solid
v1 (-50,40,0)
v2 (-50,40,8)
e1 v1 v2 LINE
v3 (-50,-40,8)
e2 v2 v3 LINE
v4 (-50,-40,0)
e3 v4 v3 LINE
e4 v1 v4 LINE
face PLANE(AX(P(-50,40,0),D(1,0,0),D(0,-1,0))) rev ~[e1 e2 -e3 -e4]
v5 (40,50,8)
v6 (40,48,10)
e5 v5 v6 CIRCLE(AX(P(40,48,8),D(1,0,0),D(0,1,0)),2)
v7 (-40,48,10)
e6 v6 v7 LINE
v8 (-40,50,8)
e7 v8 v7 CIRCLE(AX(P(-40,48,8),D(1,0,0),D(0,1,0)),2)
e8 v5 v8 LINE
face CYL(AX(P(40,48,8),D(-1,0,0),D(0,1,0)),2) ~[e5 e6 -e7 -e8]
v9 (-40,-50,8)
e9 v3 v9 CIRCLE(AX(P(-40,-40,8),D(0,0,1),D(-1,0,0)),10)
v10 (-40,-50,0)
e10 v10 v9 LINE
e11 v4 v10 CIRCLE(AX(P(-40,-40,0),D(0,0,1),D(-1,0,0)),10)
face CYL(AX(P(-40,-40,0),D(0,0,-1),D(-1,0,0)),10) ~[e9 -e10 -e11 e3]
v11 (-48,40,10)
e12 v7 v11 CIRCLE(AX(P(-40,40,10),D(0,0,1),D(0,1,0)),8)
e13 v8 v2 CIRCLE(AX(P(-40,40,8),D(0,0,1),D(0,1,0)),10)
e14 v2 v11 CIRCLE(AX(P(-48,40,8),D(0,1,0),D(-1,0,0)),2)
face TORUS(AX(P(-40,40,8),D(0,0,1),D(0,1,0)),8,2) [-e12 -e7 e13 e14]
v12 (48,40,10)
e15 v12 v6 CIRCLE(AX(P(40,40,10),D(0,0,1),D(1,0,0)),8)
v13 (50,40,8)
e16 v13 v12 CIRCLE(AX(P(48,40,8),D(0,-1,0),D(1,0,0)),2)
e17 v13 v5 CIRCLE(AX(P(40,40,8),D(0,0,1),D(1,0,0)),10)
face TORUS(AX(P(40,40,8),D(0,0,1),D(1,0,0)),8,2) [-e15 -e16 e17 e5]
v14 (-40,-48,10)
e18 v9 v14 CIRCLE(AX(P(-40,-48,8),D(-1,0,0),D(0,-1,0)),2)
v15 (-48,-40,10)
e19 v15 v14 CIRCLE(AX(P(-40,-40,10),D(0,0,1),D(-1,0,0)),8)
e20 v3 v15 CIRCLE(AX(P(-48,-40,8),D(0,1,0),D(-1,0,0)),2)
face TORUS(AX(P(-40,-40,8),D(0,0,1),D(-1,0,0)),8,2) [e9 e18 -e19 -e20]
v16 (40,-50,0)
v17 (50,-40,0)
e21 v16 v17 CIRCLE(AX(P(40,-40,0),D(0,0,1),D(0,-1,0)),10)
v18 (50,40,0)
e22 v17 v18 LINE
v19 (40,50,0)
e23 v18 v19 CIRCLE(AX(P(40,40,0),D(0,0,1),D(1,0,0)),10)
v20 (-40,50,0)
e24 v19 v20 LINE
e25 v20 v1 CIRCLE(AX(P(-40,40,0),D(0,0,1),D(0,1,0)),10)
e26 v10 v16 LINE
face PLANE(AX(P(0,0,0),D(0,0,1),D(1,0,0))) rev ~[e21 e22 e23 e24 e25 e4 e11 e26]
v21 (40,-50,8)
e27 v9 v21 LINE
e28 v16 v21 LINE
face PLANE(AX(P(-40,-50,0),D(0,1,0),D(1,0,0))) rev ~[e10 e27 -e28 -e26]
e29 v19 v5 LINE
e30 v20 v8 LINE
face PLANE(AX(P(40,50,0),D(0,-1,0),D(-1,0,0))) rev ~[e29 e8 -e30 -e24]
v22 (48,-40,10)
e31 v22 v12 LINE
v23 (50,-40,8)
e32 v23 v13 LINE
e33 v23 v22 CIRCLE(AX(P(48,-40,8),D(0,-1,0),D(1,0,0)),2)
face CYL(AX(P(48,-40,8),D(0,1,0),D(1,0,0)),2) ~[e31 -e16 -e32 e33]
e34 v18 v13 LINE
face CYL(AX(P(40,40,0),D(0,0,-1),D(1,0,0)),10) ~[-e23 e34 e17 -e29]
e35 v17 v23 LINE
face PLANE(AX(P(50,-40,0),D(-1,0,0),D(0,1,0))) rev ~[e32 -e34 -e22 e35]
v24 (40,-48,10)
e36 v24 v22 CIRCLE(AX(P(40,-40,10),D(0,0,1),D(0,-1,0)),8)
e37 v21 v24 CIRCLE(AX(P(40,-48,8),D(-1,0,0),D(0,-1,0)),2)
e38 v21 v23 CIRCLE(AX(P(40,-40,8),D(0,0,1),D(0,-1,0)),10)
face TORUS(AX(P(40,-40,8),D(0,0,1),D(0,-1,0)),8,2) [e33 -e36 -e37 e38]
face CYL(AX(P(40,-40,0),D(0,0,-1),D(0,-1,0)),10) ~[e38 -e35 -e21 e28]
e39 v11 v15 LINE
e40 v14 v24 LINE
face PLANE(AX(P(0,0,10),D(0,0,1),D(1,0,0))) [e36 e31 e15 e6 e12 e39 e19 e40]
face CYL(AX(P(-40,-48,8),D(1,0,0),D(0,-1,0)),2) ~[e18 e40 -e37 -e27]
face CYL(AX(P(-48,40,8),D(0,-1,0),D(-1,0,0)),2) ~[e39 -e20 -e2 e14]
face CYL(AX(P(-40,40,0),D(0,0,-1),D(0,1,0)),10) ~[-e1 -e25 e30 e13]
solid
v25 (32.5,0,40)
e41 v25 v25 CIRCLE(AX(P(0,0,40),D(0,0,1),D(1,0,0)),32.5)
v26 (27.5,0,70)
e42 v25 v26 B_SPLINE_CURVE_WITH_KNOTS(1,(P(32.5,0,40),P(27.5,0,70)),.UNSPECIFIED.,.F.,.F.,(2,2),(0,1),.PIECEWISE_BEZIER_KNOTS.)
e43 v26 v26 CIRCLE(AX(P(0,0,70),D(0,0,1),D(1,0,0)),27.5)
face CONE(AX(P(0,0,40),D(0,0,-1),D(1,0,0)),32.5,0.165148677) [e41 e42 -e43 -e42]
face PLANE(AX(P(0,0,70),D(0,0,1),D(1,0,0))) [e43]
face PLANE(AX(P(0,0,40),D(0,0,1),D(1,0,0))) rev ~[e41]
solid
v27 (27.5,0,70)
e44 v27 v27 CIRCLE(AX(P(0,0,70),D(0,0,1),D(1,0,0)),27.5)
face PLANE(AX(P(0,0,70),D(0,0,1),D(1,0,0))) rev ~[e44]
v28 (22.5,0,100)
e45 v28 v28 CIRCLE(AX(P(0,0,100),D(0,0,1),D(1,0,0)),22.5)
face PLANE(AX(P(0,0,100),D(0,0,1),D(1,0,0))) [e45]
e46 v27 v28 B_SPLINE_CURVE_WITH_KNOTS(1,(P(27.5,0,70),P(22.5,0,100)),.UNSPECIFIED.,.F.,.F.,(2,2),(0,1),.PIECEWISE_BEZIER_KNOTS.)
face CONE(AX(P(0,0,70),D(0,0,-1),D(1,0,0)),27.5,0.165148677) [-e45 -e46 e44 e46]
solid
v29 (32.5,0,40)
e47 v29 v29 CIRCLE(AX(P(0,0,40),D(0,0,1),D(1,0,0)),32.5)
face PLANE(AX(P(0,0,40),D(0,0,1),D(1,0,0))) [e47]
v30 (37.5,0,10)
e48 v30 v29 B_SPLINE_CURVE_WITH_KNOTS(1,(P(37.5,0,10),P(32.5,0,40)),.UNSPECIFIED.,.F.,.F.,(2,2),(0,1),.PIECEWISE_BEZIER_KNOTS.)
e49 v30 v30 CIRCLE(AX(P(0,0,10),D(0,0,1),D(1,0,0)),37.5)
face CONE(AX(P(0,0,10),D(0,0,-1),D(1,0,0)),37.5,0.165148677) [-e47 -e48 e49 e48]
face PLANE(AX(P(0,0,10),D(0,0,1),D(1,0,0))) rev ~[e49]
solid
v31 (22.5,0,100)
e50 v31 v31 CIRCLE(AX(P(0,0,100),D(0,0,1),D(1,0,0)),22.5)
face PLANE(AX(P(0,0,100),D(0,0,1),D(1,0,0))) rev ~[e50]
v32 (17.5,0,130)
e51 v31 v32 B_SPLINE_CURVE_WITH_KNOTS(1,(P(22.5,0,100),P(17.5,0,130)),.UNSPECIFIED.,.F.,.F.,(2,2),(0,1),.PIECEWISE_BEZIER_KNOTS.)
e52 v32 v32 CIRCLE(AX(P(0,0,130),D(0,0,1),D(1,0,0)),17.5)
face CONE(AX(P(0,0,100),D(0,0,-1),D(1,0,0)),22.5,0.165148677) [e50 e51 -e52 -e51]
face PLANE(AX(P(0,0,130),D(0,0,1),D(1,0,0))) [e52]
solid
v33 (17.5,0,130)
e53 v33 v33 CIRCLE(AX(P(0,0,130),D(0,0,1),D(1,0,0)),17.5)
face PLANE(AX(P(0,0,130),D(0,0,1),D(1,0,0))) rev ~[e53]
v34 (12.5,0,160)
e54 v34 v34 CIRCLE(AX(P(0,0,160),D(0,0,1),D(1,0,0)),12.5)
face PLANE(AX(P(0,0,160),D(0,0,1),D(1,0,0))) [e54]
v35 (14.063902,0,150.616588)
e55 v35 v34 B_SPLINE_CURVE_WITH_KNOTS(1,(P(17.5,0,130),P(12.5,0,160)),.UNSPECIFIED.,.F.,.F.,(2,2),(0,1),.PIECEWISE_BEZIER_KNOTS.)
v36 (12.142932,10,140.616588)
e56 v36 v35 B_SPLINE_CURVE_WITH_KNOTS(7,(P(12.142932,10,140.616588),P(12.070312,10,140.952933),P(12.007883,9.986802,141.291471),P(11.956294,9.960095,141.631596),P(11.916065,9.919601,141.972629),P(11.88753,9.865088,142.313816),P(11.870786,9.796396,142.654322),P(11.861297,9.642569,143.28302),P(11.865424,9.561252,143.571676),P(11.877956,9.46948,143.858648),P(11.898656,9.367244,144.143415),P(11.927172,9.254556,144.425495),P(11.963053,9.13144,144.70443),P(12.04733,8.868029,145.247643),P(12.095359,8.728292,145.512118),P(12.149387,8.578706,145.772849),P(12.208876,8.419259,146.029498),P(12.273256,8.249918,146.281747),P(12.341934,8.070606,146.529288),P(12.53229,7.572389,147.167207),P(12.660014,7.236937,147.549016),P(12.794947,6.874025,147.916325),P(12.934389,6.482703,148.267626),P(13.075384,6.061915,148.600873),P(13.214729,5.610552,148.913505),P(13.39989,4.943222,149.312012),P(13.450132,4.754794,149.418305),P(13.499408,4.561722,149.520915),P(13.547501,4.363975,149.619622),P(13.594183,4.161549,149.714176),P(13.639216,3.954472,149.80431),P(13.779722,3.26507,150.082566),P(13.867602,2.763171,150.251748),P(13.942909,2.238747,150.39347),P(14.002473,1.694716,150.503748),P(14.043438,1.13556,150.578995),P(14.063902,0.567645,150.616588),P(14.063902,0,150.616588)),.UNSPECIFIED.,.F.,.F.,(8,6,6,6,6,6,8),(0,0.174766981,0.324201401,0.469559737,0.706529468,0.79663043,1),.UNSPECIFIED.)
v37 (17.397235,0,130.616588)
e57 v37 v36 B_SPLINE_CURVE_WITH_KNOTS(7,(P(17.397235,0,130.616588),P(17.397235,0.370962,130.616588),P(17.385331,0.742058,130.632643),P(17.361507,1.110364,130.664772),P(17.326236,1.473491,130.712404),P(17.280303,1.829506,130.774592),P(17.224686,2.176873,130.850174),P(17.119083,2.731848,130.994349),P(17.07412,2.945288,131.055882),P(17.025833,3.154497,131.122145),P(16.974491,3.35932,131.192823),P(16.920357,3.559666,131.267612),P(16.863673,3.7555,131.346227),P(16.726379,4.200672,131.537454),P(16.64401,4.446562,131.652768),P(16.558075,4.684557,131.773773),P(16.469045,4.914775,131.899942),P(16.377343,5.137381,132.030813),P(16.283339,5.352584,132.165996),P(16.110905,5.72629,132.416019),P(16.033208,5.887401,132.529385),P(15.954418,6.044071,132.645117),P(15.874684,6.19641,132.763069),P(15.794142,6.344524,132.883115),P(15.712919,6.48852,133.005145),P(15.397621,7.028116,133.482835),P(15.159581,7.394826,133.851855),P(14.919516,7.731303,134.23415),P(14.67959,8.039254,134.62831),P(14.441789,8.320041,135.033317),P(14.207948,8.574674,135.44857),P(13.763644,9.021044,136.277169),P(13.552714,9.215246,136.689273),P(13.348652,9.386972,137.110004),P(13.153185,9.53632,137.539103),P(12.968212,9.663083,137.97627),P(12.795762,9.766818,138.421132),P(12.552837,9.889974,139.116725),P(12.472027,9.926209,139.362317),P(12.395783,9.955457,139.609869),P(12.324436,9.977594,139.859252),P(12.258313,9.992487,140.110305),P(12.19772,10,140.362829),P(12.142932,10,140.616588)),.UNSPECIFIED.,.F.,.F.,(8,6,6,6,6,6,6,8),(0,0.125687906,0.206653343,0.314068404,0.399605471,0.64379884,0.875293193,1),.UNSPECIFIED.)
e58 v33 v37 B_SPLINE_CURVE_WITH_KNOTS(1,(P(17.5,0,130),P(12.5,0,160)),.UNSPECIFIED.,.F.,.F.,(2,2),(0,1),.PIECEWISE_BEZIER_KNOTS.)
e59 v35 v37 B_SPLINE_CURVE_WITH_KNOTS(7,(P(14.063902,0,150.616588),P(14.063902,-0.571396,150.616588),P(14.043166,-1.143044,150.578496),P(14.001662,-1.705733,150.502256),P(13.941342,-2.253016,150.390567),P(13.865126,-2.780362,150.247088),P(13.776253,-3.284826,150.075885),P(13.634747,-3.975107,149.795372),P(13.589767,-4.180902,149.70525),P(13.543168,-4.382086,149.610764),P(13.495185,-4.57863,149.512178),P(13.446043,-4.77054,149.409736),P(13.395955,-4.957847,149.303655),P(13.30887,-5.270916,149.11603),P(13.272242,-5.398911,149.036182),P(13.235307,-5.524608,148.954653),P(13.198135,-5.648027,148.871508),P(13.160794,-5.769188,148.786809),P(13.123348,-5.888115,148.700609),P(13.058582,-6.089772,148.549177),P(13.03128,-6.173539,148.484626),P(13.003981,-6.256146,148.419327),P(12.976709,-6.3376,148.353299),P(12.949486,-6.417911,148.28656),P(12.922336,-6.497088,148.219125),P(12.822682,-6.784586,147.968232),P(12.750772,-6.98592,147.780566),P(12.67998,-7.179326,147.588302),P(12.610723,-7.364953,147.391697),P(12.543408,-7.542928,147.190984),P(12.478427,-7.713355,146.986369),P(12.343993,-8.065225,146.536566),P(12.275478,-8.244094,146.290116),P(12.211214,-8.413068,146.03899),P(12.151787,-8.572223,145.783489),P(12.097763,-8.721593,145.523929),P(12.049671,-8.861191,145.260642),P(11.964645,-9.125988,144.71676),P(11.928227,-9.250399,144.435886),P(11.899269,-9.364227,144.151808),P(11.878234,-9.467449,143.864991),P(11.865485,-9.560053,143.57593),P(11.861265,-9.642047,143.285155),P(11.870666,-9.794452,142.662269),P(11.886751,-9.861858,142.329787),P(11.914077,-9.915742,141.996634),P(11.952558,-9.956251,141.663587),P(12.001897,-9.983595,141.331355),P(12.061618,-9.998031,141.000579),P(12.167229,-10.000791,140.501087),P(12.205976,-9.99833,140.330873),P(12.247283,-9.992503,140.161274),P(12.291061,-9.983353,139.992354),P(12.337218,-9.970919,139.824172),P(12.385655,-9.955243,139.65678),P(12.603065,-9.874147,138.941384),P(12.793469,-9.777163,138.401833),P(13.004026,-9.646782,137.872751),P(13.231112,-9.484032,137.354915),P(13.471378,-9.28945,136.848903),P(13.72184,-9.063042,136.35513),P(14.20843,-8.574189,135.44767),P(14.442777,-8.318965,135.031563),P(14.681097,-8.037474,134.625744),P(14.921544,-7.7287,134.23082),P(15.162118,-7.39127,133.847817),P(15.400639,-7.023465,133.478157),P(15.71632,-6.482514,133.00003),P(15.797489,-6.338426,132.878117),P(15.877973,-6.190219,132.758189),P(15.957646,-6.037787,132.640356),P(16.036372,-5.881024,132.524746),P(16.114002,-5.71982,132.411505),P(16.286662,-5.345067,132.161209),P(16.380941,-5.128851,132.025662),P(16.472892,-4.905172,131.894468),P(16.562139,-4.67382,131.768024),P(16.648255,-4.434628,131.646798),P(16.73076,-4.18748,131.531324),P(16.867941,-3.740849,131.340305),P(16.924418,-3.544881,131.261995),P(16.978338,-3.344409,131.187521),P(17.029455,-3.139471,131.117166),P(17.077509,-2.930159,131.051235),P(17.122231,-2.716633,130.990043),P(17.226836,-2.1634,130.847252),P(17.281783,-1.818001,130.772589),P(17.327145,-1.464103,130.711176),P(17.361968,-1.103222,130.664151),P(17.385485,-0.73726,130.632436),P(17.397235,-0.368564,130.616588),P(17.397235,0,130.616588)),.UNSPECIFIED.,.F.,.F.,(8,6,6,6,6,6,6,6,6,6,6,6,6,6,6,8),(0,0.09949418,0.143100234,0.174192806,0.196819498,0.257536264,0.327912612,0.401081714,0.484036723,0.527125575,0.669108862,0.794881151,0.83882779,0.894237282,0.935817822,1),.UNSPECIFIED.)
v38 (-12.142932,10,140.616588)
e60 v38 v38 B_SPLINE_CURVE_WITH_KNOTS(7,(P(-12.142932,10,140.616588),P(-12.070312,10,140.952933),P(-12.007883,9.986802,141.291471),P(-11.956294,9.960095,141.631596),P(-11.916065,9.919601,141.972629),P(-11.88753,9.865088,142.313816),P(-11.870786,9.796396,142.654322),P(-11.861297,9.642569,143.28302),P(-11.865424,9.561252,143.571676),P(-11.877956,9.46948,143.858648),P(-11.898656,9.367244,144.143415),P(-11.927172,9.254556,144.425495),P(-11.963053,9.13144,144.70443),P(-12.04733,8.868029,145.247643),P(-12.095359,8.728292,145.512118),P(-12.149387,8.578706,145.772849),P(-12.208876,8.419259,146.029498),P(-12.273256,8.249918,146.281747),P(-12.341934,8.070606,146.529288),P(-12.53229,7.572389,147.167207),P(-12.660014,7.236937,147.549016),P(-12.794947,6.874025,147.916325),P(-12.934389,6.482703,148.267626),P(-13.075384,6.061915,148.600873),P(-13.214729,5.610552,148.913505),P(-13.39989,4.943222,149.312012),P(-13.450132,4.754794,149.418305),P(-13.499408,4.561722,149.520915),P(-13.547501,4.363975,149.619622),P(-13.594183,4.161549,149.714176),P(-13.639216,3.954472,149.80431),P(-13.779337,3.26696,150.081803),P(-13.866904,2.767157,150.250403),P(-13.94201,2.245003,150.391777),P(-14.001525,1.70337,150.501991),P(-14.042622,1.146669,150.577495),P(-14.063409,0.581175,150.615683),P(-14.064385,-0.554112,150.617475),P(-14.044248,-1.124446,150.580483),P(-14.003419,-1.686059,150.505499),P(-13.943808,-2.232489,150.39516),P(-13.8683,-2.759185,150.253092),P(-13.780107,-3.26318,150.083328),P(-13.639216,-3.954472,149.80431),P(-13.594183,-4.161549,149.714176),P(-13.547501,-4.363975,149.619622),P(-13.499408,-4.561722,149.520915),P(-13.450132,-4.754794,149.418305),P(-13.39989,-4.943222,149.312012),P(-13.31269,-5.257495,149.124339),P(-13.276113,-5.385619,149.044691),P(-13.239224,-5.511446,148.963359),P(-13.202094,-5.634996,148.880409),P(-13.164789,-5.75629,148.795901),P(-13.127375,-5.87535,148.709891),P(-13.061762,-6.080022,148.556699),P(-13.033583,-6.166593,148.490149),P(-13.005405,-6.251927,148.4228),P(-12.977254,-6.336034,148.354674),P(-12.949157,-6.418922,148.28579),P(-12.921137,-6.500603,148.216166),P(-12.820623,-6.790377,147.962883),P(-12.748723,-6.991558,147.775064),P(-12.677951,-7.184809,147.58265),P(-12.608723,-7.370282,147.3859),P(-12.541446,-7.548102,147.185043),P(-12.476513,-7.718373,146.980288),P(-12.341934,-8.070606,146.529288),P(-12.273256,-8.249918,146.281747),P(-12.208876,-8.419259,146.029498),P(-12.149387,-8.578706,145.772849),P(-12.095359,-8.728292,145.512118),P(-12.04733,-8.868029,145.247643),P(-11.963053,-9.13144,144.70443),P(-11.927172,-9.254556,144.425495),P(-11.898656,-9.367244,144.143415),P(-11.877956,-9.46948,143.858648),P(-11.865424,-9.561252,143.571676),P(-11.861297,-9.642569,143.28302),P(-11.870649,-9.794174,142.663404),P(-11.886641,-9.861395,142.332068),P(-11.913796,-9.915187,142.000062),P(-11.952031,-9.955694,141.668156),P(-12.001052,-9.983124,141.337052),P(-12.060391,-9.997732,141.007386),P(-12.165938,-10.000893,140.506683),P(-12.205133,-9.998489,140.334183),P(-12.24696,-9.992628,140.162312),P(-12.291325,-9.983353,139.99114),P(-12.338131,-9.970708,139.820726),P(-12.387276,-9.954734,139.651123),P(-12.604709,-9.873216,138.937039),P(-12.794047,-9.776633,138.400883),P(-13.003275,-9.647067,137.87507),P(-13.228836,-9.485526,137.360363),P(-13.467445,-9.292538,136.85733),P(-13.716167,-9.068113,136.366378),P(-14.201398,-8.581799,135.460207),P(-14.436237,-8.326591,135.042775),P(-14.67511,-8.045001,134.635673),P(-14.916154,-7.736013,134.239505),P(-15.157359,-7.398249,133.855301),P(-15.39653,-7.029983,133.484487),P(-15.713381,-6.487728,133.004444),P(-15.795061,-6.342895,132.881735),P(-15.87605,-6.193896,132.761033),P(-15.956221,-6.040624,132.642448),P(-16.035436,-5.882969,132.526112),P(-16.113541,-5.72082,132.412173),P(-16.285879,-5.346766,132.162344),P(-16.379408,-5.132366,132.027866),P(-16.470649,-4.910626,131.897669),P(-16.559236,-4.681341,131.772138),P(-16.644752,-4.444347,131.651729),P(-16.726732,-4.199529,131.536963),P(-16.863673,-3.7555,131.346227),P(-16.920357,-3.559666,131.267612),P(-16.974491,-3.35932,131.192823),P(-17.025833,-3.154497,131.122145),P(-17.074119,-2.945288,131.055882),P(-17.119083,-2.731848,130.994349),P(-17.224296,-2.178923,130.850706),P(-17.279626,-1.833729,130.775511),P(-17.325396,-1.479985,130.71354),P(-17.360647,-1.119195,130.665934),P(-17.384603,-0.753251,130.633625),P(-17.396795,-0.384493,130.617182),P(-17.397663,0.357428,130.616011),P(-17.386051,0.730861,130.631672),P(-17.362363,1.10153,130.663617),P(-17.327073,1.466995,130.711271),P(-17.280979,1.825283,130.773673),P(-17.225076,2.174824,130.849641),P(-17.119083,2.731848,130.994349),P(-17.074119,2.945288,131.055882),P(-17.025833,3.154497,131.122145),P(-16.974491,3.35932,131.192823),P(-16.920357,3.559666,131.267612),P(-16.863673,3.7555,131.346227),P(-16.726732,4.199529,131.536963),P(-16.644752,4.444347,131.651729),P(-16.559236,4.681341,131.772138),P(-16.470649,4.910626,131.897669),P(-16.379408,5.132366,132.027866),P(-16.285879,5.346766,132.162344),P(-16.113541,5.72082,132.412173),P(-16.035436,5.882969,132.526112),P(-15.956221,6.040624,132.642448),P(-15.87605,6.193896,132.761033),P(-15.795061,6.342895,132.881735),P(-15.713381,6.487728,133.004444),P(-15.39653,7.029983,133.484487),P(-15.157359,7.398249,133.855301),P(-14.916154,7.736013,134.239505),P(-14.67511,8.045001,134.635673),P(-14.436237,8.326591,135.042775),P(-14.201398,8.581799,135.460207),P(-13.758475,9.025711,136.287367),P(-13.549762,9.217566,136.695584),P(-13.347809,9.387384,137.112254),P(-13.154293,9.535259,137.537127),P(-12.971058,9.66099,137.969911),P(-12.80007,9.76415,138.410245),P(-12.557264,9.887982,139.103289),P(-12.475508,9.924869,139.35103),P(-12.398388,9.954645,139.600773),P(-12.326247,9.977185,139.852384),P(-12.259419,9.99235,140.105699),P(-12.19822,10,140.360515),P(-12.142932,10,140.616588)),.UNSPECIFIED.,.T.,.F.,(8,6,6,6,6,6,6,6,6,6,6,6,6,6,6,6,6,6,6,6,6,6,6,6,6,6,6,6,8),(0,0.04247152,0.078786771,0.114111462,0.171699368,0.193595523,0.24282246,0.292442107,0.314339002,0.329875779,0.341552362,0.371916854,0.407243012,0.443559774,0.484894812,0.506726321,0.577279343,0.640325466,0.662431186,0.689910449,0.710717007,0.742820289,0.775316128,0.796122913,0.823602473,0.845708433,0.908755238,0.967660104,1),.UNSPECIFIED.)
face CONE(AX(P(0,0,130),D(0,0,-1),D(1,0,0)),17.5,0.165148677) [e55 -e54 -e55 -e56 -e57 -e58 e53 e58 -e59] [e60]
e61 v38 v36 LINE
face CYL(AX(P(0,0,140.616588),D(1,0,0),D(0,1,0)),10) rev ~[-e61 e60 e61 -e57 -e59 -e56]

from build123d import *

# Parameters (mm, degrees)
F1_DEPTH   = 10
F2_R       = 37.5
F4_R       = 32.5
F5_FACE_R  = 32.5
F7_R       = 27.5
F8_FACE_R  = 27.5
F10_R      = 22.5
F11_FACE_R = 22.5
F13_R      = 17.5
F14_FACE_R = 17.5
F16_R      = 12.5
F18_R      = 2
F20_R      = 10
F21_DEPTH  = 30


with BuildPart() as f1:
    # F0 (on Top) → F1 (new body)
    with BuildSketch(Plane.XY):
        with BuildLine():
            Line((40, 50), (-40, 50))
            ThreePointArc((-40, 50), (-47.0710678119, 47.0710678119), (-50, 40))
            Line((-50, 40), (-50, -40))
            ThreePointArc((-50, -40), (-47.0710678119, -47.0710678119), (-40, -50))
            Line((-40, -50), (40, -50))
            ThreePointArc((40, -50), (47.0710678119, -47.0710678119), (50, -40))
            Line((50, -40), (50, 40))
            ThreePointArc((50, 40), (47.0710678119, 47.0710678119), (40, 50))
        make_face()
    extrude(amount=F1_DEPTH)

    # F18
    f18_edges = [f1.edges().sort_by_distance(p)[0] for p in [
        (0, -50, 10),
        (-47.071068, -47.071068, 10),
        (-50, 0, 10),
        (47.071068, -47.071068, 10),
        (50, 0, 10),
        (47.071068, 47.071068, 10),
        (0, 50, 10),
        (-47.071068, 47.071068, 10),
    ]]
    fillet(f18_edges, radius=F18_R)


with BuildPart() as f5:
    # F2 (on face) → F5 section 0
    with BuildSketch(Plane.XY.offset(10)):
        Circle(F2_R)
    # F4 (on offset) → F5 section 1
    with BuildSketch(Plane.XY.offset(40)):
        Circle(F4_R)
    loft()


with BuildPart() as f8:
    # F5_face (on face) → F8 section 0
    with BuildSketch(Plane.XY.offset(40)):
        Circle(F5_FACE_R)
    # F7 (on offset) → F8 section 1
    with BuildSketch(Plane.XY.offset(70)):
        Circle(F7_R)
    loft()


with BuildPart() as f11:
    # F8_face (on face) → F11 section 0
    with BuildSketch(Plane.XY.offset(70)):
        Circle(F8_FACE_R)
    # F10 (on offset) → F11 section 1
    with BuildSketch(Plane.XY.offset(100)):
        Circle(F10_R)
    loft()


with BuildPart() as f14:
    # F11_face (on face) → F14 section 0
    with BuildSketch(Plane.XY.offset(100)):
        Circle(F11_FACE_R)
    # F13 (on offset) → F14 section 1
    with BuildSketch(Plane.XY.offset(130)):
        Circle(F13_R)
    loft()


with BuildPart() as f17:
    # F14_face (on face) → F17 section 0
    with BuildSketch(Plane.XY.offset(130)):
        Circle(F14_FACE_R)
    # F16 (on offset) → F17 section 1
    with BuildSketch(Plane.XY.offset(160)):
        Circle(F16_R)
    loft()

    # F20 (on Right) → F21 (cut, symmetric)
    with BuildSketch(Plane.YZ):
        with Locations((0, 140.616587709)):
            Circle(F20_R)
    extrude(amount=F21_DEPTH, both=True, mode=Mode.SUBTRACT)


solid = Compound([f1.part, f5.part, f8.part, f11.part, f14.part, f17.part])
